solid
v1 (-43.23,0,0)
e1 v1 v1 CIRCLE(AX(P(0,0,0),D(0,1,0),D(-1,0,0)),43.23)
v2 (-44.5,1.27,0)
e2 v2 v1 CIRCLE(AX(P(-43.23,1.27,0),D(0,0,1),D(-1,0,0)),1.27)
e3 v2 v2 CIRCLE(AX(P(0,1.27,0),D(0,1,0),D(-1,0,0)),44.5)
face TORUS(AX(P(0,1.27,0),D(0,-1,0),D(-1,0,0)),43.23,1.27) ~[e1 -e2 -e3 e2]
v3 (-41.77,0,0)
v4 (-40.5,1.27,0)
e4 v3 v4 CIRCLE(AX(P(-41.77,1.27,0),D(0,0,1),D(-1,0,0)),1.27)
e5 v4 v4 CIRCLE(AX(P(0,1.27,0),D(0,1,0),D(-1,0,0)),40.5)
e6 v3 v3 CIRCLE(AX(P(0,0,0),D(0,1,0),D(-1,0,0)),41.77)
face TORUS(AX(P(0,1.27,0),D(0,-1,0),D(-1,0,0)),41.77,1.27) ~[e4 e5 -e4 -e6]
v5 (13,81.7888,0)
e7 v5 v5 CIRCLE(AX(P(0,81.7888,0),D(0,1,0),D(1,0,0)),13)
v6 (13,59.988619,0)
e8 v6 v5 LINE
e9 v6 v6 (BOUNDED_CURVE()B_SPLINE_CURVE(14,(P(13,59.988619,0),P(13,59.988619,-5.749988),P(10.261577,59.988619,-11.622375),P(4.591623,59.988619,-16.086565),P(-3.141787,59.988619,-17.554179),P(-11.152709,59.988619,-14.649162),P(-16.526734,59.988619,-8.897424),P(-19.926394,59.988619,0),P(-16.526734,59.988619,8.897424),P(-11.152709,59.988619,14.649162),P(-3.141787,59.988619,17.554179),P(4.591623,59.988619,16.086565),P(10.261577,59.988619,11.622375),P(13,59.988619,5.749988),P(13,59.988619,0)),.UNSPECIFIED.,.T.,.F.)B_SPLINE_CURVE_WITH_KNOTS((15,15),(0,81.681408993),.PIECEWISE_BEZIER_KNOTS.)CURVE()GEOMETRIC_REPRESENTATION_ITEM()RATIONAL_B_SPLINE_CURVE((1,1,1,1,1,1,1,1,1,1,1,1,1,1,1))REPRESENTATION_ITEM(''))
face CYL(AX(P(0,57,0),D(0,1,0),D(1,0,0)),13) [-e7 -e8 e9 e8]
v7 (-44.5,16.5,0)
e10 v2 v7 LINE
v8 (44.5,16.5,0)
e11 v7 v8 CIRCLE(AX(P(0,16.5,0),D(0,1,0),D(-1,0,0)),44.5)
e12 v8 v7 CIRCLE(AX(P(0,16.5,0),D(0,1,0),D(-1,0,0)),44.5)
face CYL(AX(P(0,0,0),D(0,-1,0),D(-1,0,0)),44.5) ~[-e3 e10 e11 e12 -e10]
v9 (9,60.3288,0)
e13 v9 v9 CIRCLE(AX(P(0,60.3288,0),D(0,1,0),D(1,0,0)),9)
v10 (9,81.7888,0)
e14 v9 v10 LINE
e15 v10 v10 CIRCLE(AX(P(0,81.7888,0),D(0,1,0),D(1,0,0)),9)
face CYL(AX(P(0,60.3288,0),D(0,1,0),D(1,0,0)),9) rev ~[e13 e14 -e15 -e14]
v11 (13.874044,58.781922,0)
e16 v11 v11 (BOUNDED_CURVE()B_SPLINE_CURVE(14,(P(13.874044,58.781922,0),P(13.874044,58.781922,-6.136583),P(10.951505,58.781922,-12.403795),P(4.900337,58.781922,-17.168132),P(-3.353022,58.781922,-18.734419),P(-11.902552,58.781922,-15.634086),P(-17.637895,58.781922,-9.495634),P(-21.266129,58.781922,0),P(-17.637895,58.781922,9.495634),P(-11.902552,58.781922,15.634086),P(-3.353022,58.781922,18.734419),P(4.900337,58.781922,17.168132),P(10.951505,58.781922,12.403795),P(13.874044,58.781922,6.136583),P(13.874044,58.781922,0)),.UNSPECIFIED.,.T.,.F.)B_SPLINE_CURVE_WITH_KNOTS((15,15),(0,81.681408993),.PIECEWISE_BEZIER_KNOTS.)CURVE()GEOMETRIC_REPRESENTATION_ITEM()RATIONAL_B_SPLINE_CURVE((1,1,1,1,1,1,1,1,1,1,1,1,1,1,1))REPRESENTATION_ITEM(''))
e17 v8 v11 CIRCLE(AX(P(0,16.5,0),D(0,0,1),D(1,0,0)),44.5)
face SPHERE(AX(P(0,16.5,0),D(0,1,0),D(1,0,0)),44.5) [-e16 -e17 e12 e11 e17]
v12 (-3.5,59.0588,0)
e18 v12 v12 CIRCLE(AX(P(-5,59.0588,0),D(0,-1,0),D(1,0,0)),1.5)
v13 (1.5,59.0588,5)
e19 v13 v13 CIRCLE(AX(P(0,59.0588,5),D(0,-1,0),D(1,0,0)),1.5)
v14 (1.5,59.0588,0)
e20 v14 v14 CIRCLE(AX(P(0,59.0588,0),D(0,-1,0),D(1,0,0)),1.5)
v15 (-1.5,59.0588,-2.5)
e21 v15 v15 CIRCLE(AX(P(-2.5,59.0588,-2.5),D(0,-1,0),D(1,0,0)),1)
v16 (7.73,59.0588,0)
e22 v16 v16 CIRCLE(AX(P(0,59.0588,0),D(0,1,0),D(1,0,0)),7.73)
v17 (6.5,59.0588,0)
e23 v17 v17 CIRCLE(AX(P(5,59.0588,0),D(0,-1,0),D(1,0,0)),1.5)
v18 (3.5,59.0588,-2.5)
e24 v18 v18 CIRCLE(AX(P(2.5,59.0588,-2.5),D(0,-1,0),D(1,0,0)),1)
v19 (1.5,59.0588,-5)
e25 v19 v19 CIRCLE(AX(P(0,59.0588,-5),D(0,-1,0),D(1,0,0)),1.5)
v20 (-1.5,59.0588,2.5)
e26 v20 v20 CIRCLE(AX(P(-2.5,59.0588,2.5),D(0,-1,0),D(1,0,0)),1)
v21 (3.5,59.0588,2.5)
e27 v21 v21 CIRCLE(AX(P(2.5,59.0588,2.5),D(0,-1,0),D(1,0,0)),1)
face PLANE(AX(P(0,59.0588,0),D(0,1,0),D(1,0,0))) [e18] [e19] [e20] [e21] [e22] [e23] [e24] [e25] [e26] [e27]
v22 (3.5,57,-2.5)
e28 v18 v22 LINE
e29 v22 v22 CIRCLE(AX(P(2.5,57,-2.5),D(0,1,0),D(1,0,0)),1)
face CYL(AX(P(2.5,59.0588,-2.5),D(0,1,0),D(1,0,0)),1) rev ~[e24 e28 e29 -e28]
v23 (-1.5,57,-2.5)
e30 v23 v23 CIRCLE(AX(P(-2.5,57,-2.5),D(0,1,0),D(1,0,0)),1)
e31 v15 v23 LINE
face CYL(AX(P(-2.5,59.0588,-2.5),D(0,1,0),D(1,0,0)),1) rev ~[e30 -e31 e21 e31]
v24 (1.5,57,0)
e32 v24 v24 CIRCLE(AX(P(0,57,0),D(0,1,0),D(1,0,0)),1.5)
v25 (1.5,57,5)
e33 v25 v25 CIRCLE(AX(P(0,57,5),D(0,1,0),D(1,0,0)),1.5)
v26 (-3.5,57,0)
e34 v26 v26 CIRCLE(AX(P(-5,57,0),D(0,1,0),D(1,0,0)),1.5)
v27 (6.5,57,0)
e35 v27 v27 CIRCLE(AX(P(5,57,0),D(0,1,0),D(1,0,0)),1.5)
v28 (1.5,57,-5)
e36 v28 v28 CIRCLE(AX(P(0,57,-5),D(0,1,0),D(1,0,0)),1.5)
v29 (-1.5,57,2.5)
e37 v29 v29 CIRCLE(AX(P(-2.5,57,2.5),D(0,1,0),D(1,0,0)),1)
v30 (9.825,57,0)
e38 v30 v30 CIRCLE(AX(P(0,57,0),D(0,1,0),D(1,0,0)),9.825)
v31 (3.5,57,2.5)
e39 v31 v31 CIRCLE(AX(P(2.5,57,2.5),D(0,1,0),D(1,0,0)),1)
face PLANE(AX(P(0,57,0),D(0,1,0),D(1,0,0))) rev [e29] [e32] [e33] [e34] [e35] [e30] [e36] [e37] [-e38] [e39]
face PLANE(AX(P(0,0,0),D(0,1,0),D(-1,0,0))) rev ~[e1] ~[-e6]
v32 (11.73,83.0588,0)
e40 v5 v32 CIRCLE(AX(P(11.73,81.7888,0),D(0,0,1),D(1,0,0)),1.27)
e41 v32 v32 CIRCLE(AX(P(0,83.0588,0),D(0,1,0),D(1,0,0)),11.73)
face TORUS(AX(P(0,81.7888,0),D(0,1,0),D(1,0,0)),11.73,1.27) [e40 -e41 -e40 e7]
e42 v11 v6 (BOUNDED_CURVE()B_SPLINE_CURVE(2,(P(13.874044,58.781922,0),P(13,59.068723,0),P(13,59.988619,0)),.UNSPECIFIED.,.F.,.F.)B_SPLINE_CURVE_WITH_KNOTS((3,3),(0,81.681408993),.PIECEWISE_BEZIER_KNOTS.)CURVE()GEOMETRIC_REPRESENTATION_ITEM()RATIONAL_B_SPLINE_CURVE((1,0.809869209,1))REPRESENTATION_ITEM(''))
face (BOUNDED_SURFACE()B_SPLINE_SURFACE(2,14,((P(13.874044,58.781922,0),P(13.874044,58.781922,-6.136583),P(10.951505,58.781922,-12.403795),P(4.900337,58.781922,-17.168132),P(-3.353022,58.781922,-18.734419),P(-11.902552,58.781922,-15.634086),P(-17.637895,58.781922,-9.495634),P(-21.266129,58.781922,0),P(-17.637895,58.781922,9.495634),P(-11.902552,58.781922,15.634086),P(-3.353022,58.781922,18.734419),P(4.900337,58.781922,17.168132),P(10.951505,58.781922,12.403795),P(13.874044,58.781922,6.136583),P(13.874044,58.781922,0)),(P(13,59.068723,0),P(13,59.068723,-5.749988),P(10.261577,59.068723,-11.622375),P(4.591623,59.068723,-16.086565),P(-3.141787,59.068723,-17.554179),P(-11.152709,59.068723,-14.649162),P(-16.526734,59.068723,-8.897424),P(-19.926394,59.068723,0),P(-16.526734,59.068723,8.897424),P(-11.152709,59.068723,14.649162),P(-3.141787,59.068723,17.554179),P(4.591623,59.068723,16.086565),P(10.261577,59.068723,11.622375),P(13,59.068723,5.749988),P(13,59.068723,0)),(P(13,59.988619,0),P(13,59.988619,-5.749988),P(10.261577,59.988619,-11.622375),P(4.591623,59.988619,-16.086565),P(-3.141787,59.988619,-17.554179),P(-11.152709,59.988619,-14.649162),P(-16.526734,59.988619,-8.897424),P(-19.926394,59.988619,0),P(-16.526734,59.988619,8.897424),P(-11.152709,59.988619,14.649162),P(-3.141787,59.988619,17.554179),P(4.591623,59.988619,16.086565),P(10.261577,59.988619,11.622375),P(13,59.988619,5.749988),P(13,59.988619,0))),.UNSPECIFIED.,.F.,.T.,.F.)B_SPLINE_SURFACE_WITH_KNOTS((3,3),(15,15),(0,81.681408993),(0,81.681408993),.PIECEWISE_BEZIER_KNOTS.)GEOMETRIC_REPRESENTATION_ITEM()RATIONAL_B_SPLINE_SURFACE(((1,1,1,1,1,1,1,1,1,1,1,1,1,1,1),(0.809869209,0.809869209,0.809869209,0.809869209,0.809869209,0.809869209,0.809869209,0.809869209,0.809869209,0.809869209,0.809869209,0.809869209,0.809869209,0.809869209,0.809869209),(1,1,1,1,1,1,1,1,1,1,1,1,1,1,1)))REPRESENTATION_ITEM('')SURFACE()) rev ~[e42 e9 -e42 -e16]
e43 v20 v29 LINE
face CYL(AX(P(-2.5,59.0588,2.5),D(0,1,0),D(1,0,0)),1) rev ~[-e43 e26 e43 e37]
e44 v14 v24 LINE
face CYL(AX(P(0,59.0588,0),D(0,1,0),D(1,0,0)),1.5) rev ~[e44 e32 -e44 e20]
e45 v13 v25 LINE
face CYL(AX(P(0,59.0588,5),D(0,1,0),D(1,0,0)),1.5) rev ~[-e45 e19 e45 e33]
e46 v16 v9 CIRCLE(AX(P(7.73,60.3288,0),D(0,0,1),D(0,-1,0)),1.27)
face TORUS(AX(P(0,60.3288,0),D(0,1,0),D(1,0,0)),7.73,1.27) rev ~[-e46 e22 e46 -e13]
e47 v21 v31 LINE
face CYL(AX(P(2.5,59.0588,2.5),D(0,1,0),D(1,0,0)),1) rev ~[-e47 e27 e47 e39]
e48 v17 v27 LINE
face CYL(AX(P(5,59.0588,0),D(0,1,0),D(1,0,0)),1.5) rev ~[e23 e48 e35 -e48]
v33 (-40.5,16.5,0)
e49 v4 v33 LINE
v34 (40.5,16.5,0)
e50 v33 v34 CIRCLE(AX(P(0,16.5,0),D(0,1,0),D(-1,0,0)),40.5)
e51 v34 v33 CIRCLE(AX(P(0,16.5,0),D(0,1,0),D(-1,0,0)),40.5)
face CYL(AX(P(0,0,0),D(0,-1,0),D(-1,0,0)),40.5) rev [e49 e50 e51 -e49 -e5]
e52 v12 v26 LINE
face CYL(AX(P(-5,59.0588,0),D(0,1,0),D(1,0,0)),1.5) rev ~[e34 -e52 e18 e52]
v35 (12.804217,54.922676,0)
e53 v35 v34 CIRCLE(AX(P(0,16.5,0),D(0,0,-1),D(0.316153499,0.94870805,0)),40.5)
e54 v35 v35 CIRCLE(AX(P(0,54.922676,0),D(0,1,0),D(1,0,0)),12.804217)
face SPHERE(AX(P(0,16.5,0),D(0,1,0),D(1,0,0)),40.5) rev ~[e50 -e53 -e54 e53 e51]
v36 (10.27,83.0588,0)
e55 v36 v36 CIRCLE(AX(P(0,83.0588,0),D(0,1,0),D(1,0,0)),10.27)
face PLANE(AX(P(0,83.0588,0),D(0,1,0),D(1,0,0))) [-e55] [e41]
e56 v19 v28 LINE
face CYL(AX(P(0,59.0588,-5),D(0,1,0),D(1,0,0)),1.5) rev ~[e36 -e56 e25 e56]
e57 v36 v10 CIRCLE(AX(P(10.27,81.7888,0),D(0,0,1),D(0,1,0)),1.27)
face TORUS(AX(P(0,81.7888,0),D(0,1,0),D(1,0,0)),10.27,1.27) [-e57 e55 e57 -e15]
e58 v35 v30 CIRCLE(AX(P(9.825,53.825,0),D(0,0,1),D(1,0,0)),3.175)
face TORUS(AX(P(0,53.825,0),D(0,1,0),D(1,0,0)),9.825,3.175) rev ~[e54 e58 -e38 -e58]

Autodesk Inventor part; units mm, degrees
ref_plane "YZ Plane" through (0, 0, 0) normal (1, 0, 0) x (0, 1, 0)
ref_plane "XZ Plane" through (0, 0, 0) normal (0, 1, 0) x (-1, 0, 0)
ref_plane "XY Plane" through (0, 0, 0) normal (0, 0, 1) x (1, 0, 0)
sketch "Boceto1" plane through (0, 0, 0) normal (0, 1, 0) x (-1, 0, 0)
  circle A0 centre (0, 0) radius 40.5
  circle A1 centre (0, 0) radius 44.5
  dimension "d0" = 81
  dimension "d1" = 89
extrude "Extrusión1" add sketch "Boceto1" along normal blind 16.5
sketch "Boceto2" plane through (0, 0, 0) normal (0, -1, 0) x (1, 0, 0)
  circle A0 centre (0, 0) radius 40.5 projected
  line L0 (-40.5, 0) -> (40.5, 0)
  line L1 (0, -40.5) -> (-35.4834, -40.5)
  line L2 (-35.4834, -40.5) -> (30.4892, -40.5)
ref_plane "Plano de trabajo2" through (-35.4834, 0, 0) normal (0, 0, 1) x (1, 0, 0)
ref_plane "Plano de trabajo1" through (-35.4834, 0, -40.5) normal (0, 0, 1) x (1, 0, 0)
sketch "Boceto3" plane through (-35.4834, 0, 0) normal (0, 0, 1) x (1, 0, 0)
  line L0 (79.9834, 0) -> (-9.0166, 0) projected
  line L1 (-9.0166, 0) -> (79.9834, 0)
  line L2 (79.9834, 0) -> (35.4834, 0)
  line L3 (35.4834, 0) -> (35.4834, 16.5)
  line L4 (79.9834, 16.5) -> (-9.0166, 16.5) projected
  circle A0 centre (35.4834, 16.5) radius 44.5
  circle A1 centre (35.4834, 16.5) radius 40.5
  line L5 (35.4834, 57) -> (45.3084, 57)
  line L6 (48.4834, 57) -> (48.4834, 63.6172)
  line L7 (43.2134, 59.0588) -> (27.7534, 59.0588)
  line L8 (35.4834, 57) -> (25.6584, 57)
  line L9 (48.4834, 53.825) -> (48.4834, 54.8569)
  line L10 (22.4834, 53.825) -> (22.4834, 54.8569)
  arc A2 (48.4834, 53.825) -> (45.3084, 57) centre (45.3084, 53.825) ccw
  arc A3 (25.6584, 57) -> (22.4834, 53.825) centre (25.6584, 53.825) ccw
  line L11 (48.4834, 59.0588) -> (44.4834, 59.0588)
  line L12 (22.4834, 59.0588) -> (26.4834, 59.0588)
  line L13 (26.4834, 60.3288) -> (26.4834, 81.7888)
  line L14 (44.4834, 60.3288) -> (44.4834, 81.7888)
  line L15 (48.4834, 59.0588) -> (48.4834, 81.7888)
  line L16 (47.2134, 83.0588) -> (45.7534, 83.0588)
  line L17 (22.4834, 59.0588) -> (22.4834, 81.7888)
  line L18 (23.7534, 83.0588) -> (25.2134, 83.0588)
  arc A4 (45.7534, 83.0588) -> (44.4834, 81.7888) centre (45.7534, 81.7888) ccw
  arc A5 (48.4834, 81.7888) -> (47.2134, 83.0588) centre (47.2134, 81.7888) ccw
  arc A6 (26.4834, 81.7888) -> (25.2134, 83.0588) centre (25.2134, 81.7888) ccw
  arc A7 (23.7534, 83.0588) -> (22.4834, 81.7888) centre (23.7534, 81.7888) ccw
  arc A8 (43.2134, 59.0588) -> (44.4834, 60.3288) centre (43.2134, 60.3288) ccw
  arc A9 (26.4834, 60.3288) -> (27.7534, 59.0588) centre (27.7534, 60.3288) ccw
  line L19 (35.4834, 16.5) -> (35.4834, 85.6826)
  arc A10 (35.4834, 16.5) -> (73.8109, 17.3576) centre (35.4834, 873.3497) ccw
  line L20 (79.9834, 16.5) -> (35.4834, 16.5)
  line L21 (79.9834, 16.5) -> (35.4834, 16.5)
  point P0 (26.4834, 83.0588)
  point P1 (44.4834, 83.0588)
  point P2 (35.4834, 59.0588)
  point P3 (48.2877, 54.9227)
  point P4 (75.9834, 16.5)
  dimension "d5" = 89
  dimension "d6" = 44.5
  dimension "d7" = 89
  dimension "d8" = 81
  dimension "d9" = 13
  dimension "d10" = 26
  dimension "d11" = 3.175
  dimension "d12" = 3.175
  dimension "d13" = 4
  dimension "d14" = 4
  dimension "d15" = 24
  dimension "d16" = 24
  dimension "d17" = 1.27
  dimension "d18" = 1.27
  dimension "d19" = 1.27
  dimension "d20" = 1.27
  dimension "d21" = 1.27
revolve "Revolución1" add sketch "Boceto3" angle 360 about axis through (0, 16.5, 0) along (0, 1, 0) contours L4 A1 A2 L5 L19 L7 A8 A0 | A0 A8 L14 A4 L16 A5 L15 L6
fillet "Empalme1" radius 1.27 3 edges at (44.5, 0, 0) (40.5, 0, 0) (-13, 59.0588, 0)
sketch "Boceto4" plane through (0, 59.0588, 0) normal (0, 1, 0) x (1, 0, 0)
  line L0 (0, 0) -> (-5, 0)
  line L1 (0, 0) -> (0, -5)
  line L2 (0, 0) -> (5, 0)
  line L3 (0, 0) -> (0, 5)
  line L4 (5, 0) -> (0, 5)
  line L5 (0, 5) -> (-5, 0)
  line L6 (0, -5) -> (5, 0)
  line L7 (0, -5) -> (-5, 0)
  line L8 (0, 0) -> (-2.5, -2.5)
  line L9 (2.5, 2.5) -> (0, 0)
  line L10 (0, 0) -> (2.5, -2.5)
  line L11 (0, 0) -> (-2.5, 2.5)
  circle A0 centre (-5, 0) radius 1.5
  circle A1 centre (0, -5) radius 1.5
  circle A2 centre (-2.5, -2.5) radius 1
  circle A3 centre (2.5, -2.5) radius 1
  circle A4 centre (5, 0) radius 1.5
  circle A5 centre (2.5, 2.5) radius 1
  circle A6 centre (0, 5) radius 1.5
  circle A7 centre (-2.5, 2.5) radius 1
  circle A8 centre (0, 0) radius 1.5
  dimension "d24" = 5
  dimension "d25" = 5
  dimension "d26" = 5
  dimension "d27" = 5
  dimension "d28" = 3
  dimension "d29" = 3
  dimension "d30" = 2
  dimension "d31" = 2
  dimension "d32" = 3
  dimension "d33" = 2
  dimension "d34" = 3
  dimension "d35" = 2
  dimension "d38" = 3
extrude "Extrusión2" cut sketch "Boceto4" against normal blind 3 contours A0 L7 L0 | L0 L5 A0 | L7 A0 L5 | A8 L11 L0 | L0 L8 A8 | L10 A8 L1 | L9 A8 L2 | L11 A8 L3 | L1 A8 L8 | L3 A8 L9 | L2 A8 L10 | A7 L5 | L5 L11 A7 | A2 L8 L7 | L7 A2 | L11 L5 A7 | A2 L7 L8 | A1 L6 L1 | L1 L7 A1 | A4 L4 L2 | L2 L6 A4 | A6 L5 L3 | L3 L4 A6 | A5 L4 L9 | L9 L4 A5 | A3 L6 L10 | L10 L6 A3 | A6 L4 L5 | L7 L6 A1 | L4 A4 L6 | L4 A5 | L6 A3
equation "\"d36\" = d32"
properties part number "tapag"
